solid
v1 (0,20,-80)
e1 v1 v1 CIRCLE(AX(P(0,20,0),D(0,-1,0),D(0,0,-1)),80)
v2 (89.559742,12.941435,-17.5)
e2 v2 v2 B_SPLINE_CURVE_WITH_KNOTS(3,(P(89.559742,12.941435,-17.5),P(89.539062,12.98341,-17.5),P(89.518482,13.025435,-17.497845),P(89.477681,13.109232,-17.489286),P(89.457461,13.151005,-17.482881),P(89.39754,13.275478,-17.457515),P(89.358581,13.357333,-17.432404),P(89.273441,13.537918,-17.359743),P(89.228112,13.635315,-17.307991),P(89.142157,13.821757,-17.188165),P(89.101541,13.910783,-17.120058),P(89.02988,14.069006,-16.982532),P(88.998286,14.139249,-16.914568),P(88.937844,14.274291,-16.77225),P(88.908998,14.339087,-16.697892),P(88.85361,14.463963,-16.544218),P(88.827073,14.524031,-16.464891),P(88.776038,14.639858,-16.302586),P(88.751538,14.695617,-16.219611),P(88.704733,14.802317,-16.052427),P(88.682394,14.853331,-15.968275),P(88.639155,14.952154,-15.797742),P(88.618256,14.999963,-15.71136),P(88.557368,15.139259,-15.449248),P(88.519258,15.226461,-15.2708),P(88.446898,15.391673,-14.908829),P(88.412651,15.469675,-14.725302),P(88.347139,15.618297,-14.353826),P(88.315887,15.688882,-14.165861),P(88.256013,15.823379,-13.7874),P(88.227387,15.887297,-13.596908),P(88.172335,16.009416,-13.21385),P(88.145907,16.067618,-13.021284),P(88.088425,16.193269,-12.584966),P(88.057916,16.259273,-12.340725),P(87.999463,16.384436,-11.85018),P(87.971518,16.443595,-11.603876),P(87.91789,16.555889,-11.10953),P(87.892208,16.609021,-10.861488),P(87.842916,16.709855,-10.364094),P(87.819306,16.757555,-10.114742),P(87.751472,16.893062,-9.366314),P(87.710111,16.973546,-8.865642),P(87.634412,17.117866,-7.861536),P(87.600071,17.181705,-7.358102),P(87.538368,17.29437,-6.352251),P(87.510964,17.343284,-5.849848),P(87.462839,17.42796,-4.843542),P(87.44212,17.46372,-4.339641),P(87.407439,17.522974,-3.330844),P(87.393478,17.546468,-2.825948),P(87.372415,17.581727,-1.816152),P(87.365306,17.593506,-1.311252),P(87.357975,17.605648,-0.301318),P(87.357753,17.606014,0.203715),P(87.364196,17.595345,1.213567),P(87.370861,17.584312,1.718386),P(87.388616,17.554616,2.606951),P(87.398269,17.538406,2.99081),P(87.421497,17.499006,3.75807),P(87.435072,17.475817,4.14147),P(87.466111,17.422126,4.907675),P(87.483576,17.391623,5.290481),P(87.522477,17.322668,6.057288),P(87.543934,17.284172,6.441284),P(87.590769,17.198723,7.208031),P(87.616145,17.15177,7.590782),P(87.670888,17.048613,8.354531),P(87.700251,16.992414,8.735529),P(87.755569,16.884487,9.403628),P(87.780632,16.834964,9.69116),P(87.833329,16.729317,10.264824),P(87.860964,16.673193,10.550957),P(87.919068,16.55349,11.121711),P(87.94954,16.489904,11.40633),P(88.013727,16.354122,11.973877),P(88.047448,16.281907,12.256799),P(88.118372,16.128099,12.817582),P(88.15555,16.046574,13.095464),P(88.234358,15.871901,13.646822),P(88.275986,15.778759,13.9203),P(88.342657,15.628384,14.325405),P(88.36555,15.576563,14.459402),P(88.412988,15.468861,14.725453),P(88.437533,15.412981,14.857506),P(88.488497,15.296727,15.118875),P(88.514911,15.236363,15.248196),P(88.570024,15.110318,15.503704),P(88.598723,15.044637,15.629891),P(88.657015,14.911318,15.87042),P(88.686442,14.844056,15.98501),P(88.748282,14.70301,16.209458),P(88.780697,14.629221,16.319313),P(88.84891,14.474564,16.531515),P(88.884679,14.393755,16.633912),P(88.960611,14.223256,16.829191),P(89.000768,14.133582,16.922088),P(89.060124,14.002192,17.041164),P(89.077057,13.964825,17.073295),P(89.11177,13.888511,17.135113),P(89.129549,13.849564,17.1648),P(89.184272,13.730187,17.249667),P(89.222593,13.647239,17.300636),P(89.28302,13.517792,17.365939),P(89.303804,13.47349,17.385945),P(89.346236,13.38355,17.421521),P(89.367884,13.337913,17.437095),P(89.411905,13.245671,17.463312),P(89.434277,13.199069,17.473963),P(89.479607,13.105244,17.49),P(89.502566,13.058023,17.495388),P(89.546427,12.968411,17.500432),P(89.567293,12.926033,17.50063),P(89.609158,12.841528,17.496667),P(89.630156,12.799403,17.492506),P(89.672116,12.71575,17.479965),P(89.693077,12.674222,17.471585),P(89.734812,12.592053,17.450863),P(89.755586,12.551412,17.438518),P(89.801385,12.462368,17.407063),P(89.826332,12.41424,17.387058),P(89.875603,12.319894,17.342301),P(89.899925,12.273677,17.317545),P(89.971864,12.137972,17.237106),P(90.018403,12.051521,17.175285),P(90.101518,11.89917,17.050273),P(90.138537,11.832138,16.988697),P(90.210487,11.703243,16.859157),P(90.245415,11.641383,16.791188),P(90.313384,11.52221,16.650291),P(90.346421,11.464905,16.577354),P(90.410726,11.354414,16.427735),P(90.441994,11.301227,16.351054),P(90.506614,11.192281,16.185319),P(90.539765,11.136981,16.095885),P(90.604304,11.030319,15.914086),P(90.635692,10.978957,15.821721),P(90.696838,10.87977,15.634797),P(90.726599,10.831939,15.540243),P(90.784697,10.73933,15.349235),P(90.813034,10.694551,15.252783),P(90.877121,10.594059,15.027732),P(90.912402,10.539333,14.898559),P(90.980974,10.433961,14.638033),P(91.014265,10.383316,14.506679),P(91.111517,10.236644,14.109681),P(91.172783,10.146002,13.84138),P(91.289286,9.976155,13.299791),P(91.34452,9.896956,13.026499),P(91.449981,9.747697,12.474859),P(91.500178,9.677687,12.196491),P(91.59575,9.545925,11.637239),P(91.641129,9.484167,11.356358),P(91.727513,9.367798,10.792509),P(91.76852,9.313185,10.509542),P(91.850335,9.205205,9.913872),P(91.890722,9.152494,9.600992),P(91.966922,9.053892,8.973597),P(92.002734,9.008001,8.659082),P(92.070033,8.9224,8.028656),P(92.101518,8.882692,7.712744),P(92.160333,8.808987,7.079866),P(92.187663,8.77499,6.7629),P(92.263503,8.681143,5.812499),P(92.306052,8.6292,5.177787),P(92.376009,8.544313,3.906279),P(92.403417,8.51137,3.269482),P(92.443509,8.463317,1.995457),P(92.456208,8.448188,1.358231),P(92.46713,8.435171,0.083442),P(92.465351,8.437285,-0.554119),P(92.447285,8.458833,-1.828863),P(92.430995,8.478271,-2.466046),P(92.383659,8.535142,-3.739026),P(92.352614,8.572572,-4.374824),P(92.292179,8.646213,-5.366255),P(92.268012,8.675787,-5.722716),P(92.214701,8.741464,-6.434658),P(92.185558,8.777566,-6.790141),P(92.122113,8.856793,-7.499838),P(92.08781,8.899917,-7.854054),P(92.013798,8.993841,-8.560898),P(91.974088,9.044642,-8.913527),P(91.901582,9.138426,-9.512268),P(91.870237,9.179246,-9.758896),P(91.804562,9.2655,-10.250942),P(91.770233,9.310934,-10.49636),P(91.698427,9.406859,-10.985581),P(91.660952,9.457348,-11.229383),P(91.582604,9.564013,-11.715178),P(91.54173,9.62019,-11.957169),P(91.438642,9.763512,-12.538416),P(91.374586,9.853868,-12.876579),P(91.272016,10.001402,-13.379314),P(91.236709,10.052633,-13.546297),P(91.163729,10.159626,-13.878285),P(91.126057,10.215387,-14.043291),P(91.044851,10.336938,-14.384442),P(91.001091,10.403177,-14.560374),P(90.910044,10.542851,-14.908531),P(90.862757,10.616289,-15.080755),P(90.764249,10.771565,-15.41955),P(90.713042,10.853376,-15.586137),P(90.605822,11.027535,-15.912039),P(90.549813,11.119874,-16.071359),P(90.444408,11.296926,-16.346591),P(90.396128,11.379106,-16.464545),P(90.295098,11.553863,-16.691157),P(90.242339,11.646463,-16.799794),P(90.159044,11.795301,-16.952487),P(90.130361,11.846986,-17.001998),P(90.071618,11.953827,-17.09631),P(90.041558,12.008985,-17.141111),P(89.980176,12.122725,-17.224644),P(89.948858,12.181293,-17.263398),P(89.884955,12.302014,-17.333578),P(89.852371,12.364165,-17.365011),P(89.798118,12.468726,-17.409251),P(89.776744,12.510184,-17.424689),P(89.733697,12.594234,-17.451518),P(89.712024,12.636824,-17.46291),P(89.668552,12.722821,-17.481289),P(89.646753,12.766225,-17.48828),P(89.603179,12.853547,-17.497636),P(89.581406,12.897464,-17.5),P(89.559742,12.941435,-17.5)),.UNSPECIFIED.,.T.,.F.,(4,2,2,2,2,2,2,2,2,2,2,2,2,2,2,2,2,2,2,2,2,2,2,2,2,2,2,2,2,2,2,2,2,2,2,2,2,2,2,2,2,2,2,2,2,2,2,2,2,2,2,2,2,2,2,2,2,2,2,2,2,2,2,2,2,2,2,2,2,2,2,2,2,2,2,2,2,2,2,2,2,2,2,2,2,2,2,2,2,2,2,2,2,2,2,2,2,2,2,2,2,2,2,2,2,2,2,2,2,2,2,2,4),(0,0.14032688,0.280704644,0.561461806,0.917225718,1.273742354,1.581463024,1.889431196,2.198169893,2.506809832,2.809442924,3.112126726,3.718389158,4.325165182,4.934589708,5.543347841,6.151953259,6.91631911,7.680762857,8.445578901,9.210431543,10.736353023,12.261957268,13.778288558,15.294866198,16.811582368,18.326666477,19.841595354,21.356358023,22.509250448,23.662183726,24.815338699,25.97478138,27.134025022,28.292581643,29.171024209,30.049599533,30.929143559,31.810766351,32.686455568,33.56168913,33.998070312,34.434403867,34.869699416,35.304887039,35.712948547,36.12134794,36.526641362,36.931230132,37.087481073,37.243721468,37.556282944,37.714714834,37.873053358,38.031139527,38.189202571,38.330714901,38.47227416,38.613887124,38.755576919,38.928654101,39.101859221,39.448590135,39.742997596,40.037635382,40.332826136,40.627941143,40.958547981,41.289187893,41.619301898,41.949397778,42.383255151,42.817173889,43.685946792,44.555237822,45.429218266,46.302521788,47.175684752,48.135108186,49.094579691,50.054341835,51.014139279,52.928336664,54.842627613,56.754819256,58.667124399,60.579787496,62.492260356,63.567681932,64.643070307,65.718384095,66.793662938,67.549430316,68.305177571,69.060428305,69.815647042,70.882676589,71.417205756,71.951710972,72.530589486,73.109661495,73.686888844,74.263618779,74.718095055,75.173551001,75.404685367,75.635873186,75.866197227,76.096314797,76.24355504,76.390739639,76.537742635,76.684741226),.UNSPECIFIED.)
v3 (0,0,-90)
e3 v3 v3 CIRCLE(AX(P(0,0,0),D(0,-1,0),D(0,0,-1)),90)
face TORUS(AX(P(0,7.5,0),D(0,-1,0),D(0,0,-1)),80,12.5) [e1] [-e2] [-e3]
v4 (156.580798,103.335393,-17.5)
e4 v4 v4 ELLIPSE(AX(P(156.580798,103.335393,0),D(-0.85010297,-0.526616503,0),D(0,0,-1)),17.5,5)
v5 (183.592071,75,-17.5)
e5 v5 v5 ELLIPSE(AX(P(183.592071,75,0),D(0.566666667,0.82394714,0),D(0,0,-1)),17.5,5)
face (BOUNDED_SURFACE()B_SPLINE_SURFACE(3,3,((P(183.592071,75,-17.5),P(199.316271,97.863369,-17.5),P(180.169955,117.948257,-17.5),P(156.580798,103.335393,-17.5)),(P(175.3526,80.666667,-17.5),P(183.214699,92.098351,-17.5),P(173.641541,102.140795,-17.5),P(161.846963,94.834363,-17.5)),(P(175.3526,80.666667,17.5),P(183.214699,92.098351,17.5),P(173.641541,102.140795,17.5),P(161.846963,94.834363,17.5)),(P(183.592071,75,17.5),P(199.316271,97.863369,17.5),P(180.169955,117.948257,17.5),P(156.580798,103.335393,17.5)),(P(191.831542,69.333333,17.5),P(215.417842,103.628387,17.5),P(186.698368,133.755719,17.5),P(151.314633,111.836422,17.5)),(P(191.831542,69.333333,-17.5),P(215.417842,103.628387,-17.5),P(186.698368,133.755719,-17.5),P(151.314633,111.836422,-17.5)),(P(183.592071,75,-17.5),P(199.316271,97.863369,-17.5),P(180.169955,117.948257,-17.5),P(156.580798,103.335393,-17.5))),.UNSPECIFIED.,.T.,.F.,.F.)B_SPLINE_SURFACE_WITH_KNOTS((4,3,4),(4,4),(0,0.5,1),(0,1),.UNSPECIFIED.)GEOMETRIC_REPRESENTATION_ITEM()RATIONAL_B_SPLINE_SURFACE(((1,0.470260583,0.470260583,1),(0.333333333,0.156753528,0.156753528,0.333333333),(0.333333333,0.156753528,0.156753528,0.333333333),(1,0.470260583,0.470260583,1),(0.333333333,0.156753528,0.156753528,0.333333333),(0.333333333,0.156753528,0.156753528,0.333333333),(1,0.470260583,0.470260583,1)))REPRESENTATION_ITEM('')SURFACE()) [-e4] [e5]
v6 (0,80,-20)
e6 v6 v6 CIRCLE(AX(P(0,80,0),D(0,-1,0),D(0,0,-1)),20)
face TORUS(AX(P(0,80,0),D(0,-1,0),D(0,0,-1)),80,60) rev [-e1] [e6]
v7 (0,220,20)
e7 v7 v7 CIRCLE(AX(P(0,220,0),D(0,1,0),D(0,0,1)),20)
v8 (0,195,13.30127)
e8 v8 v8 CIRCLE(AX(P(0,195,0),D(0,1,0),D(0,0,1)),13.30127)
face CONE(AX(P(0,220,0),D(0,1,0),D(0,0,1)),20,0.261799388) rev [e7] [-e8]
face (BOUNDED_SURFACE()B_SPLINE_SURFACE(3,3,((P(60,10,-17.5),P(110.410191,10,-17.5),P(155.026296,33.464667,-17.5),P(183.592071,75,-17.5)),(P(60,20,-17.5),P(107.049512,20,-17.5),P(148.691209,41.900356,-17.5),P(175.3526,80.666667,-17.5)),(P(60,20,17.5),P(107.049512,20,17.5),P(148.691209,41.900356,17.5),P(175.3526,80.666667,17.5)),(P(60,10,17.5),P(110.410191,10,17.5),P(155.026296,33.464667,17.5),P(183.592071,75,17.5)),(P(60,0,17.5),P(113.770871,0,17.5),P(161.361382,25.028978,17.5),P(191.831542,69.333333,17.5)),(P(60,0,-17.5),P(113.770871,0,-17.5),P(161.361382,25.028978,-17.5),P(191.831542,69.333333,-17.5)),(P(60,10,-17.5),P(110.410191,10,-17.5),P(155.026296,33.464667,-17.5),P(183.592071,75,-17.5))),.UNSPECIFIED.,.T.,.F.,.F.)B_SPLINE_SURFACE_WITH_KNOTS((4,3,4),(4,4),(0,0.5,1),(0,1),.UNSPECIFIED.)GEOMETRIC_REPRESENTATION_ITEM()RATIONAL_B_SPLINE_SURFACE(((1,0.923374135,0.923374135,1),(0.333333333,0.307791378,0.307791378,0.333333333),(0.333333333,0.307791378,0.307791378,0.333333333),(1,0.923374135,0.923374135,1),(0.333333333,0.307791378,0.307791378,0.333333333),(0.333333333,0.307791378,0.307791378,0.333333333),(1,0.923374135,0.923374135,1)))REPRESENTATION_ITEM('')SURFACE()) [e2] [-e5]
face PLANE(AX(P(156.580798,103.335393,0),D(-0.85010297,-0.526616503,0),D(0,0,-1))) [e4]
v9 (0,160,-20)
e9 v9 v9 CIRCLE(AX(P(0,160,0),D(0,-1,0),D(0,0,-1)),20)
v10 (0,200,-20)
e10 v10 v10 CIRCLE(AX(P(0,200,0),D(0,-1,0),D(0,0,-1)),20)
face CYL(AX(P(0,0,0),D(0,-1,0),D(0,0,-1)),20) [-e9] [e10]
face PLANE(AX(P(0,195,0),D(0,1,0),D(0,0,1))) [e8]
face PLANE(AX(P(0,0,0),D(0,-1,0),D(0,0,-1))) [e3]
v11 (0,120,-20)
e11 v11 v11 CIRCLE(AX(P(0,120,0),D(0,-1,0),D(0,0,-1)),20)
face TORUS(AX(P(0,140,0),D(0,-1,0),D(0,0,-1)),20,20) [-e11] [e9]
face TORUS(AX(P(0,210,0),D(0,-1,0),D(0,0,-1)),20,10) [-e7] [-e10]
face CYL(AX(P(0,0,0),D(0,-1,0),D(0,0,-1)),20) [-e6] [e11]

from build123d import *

# Parameters (mm, degrees)
SKETCH2_RX         = 17.5
SKETCH2_RY         = 5
SKETCH4_R          = 20
CUT_EXTRUDE1_DEPTH = 25
CUT_EXTRUDE1_TAPER = 15


with BuildPart() as part:
    # Sketch1 → Revolve1 (revolve)
    with BuildSketch(Plane.XY):
        with BuildLine():
            Line((0, 0), (0, 220))
            Line((0, 220), (20, 220))
            ThreePointArc((20, 220), (30, 210), (20, 200))
            Line((20, 200), (20, 160))
            ThreePointArc((20, 160), (40, 140), (20, 120))
            Line((20, 120), (20, 80))
            ThreePointArc((20, 80), (37.573593129, 37.573593129), (80, 20))
            ThreePointArc((80, 20), (91.180339887, 13.090169944), (90, 0))
            Line((90, 0), (0, 0))
        make_face()
    revolve(axis=Axis((0, 0, 0), (0, 1, 0)))

    # Sweep1: sweep along a path in Sketch3
    with BuildLine(Plane.XY) as sweep1_path:
        Line((0, 10), (60, 10))
        ThreePointArc((60, 10), (129.821200219, 27.240819526), (183.592070943, 75))
        ThreePointArc((183.592070943, 75), (181.589459557, 100.13318221), (156.580798093, 103.335392725))
    # Sketch2 → Sweep1 (sweep)
    with BuildSketch(Plane(origin=(0, 0, 0), x_dir=(0, 0, -1), z_dir=(1, 0, 0))):
        with Locations((0, 10)):
            Ellipse(SKETCH2_RX, SKETCH2_RY)
    sweep(path=sweep1_path.line)

    # Sketch4 → Cut-Extrude1 (cut)
    with BuildSketch(Plane(origin=(0, 220, 0), x_dir=(1, 0, 0), z_dir=(0, 1, 0))):
        Circle(SKETCH4_R)
    extrude(amount=-CUT_EXTRUDE1_DEPTH, taper=CUT_EXTRUDE1_TAPER, mode=Mode.SUBTRACT)


solid = part.part
